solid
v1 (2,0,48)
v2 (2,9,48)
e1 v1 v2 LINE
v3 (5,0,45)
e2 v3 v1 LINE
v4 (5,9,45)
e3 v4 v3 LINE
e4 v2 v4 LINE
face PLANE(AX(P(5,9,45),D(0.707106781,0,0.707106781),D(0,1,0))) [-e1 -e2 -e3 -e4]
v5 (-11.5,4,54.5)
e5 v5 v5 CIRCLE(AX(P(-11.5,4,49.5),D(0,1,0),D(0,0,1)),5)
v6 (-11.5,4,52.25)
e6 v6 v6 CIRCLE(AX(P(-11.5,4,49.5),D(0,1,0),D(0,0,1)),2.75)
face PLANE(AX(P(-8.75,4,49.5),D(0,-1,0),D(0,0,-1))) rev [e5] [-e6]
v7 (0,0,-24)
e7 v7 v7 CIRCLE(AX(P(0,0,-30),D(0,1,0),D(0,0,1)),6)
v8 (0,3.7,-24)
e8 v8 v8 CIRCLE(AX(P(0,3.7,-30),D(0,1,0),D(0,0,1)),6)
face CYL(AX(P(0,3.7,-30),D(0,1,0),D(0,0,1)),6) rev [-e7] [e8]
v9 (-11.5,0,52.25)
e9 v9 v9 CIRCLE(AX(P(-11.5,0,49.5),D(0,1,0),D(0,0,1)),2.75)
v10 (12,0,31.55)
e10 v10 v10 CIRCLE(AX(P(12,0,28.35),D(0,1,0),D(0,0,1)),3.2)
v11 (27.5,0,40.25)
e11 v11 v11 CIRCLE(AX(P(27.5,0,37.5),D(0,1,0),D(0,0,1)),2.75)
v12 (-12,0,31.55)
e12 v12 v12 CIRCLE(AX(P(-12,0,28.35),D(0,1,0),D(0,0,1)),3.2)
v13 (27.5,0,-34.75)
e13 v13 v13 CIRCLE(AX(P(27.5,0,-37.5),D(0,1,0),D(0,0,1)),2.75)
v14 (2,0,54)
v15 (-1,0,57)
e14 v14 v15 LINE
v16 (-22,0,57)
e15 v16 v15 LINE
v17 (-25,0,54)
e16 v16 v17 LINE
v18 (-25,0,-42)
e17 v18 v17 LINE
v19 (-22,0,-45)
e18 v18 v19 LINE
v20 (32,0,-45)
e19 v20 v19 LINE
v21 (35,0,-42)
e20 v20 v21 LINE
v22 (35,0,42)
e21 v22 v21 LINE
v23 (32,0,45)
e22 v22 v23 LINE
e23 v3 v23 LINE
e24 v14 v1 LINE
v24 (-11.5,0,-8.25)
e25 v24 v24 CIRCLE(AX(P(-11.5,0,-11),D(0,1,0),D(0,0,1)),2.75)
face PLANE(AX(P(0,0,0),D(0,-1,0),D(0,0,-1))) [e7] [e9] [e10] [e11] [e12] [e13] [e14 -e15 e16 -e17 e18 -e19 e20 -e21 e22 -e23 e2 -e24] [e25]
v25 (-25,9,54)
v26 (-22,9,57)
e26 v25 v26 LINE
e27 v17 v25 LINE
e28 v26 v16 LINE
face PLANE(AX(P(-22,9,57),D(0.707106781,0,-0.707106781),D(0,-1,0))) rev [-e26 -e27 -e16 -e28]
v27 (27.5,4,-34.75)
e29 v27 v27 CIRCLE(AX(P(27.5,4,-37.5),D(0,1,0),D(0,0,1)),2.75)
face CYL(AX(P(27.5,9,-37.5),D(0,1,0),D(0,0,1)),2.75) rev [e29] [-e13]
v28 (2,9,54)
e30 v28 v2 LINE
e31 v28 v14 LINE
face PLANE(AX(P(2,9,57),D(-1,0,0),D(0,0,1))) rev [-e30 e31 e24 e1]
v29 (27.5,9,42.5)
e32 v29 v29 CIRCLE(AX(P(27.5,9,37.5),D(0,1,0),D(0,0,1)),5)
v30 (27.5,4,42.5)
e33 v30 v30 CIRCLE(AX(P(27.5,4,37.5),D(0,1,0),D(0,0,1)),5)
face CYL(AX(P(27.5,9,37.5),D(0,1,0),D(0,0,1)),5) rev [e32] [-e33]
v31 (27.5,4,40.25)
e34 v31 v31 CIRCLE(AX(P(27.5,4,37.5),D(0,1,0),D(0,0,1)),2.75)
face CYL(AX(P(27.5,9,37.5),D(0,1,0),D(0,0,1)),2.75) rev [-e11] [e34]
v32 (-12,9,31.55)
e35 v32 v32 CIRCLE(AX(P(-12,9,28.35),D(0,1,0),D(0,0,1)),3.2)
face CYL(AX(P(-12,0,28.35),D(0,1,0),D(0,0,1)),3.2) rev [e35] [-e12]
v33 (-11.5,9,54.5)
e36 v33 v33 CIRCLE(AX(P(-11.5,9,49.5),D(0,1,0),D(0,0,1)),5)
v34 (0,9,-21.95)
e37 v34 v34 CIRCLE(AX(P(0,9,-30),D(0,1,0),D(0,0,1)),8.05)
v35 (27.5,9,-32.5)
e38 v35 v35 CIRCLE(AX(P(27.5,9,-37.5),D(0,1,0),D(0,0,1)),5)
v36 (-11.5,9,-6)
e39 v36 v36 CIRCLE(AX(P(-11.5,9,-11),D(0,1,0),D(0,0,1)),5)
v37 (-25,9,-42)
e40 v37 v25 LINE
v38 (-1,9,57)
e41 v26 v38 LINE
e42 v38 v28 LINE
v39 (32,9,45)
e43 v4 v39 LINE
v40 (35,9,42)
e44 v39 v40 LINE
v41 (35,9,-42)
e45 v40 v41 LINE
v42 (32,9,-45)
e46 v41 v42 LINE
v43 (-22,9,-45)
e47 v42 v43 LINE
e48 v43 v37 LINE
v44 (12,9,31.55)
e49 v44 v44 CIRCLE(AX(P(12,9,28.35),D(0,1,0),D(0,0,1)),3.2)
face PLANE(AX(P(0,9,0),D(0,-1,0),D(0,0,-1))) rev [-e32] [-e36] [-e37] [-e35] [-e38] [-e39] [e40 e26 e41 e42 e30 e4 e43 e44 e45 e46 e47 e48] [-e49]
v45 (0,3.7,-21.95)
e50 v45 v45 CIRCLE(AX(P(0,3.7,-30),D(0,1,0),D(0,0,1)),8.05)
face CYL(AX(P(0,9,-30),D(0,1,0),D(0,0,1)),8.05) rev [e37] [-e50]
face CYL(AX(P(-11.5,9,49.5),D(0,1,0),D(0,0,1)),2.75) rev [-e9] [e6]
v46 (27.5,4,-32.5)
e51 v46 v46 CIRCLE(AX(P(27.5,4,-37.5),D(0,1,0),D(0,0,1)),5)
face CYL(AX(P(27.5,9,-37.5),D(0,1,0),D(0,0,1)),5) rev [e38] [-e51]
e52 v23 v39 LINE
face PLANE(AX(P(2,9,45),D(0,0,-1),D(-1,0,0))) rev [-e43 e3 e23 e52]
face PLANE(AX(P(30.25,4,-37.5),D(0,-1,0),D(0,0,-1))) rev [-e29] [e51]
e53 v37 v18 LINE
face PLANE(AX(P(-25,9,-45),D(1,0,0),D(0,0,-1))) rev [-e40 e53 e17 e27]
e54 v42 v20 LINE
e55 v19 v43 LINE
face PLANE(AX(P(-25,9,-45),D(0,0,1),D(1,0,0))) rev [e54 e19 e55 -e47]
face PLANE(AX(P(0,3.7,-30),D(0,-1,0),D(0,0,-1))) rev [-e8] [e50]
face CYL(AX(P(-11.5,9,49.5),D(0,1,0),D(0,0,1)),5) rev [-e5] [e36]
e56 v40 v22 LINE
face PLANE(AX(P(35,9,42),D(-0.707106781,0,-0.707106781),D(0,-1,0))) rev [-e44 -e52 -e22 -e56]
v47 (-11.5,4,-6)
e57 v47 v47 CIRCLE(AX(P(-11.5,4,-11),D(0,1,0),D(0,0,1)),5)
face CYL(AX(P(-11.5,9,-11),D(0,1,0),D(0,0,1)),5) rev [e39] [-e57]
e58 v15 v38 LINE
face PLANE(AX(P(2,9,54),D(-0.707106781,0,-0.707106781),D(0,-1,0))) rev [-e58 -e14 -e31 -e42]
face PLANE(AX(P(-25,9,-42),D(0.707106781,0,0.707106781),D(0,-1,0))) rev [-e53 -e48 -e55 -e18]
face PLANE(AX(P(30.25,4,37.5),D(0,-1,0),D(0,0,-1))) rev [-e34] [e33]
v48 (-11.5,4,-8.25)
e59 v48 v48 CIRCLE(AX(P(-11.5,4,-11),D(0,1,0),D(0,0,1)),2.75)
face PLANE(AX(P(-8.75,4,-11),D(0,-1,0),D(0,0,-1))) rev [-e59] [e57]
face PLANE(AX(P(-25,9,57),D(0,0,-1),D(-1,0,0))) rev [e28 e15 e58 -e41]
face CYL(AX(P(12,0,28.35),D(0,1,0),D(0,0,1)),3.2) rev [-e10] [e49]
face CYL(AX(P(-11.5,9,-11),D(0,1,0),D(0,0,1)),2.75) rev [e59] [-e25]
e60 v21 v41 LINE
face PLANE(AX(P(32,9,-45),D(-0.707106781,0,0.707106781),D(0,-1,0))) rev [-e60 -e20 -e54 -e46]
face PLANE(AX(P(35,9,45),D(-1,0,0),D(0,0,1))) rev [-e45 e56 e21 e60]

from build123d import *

# Parameters (mm, degrees)
BOSS_EXTRUDE1_DEPTH            = 9
CBORE_FOR_M5_SHCS1_D           = 5.5
CBORE_FOR_M5_SHCS1_CBORE_D     = 10
CBORE_FOR_M5_SHCS1_CBORE_DEPTH = 5
F_1_0MM_DOWEL_HOLE1_D          = 16.1
F_1_0MM_DOWEL_HOLE1_DEPTH      = 5.3
F_1_0MM_DOWEL_HOLE3_D          = 12
SKETCH14_R                     = 3.2
CUT_EXTRUDE1_DEPTH             = 68.490740106
CHAMFER1_SIZE                  = 3


with BuildPart() as part:
    # Sketch1 → Boss-Extrude1 (new body)
    with BuildSketch(Plane(origin=(0, 0, 0), x_dir=(1, 0, 0), z_dir=(0, 1, 0))):
        Polygon((2, -45), (35, -45), (35, 45), (-25, 45), (-25, -57), (2, -57), align=None)
    extrude(amount=BOSS_EXTRUDE1_DEPTH)

    # CBORE for M5 SHCS1 (through all)
    with Locations(Plane(origin=(0, 9, 0), x_dir=(1, 0, 0), z_dir=(0, 1, 0))):
        with Locations((27.5, 37.5), (27.5, -37.5), (-11.5, 11), (-11.5, -49.5)):
            CounterBoreHole(CBORE_FOR_M5_SHCS1_D / 2, CBORE_FOR_M5_SHCS1_CBORE_D / 2, CBORE_FOR_M5_SHCS1_CBORE_DEPTH)

    # Ø1.0mm Dowel Hole1
    with Locations(Plane(origin=(0, 9, 0), x_dir=(1, 0, 0), z_dir=(0, 1, 0))):
        with Locations((0, 30)):
            Hole(F_1_0MM_DOWEL_HOLE1_D / 2, depth=F_1_0MM_DOWEL_HOLE1_DEPTH)

    # Ø1.0mm Dowel Hole3 (through all)
    with Locations(Plane(origin=(0, 3.7, 0), x_dir=(1, 0, 0), z_dir=(0, 1, 0))):
        with Locations((0, 30)):
            Hole(F_1_0MM_DOWEL_HOLE3_D / 2)

    # Sketch14 → Cut-Extrude1 (cut, through all)
    with BuildSketch(Plane(origin=(0, 9, 0), x_dir=(1, 0, 0), z_dir=(0, 1, 0))):
        with Locations(Location((12, -28.35, 0), (0, 0, 270))):
            Circle(SKETCH14_R)
        with Locations(Location((-12, -28.35, 0), (0, 0, 270))):
            Circle(SKETCH14_R)
    extrude(amount=-CUT_EXTRUDE1_DEPTH, mode=Mode.SUBTRACT)

    # Chamfer1
    chamfer1_edges = [part.edges().sort_by_distance(p)[0] for p in [
        (35, 4.5, 45),
        (2, 4.5, 45),
        (2, 4.5, 57),
        (-25, 4.5, 57),
        (-25, 4.5, -45),
        (35, 4.5, -45),
    ]]
    chamfer(chamfer1_edges, length=CHAMFER1_SIZE)


solid = part.part
